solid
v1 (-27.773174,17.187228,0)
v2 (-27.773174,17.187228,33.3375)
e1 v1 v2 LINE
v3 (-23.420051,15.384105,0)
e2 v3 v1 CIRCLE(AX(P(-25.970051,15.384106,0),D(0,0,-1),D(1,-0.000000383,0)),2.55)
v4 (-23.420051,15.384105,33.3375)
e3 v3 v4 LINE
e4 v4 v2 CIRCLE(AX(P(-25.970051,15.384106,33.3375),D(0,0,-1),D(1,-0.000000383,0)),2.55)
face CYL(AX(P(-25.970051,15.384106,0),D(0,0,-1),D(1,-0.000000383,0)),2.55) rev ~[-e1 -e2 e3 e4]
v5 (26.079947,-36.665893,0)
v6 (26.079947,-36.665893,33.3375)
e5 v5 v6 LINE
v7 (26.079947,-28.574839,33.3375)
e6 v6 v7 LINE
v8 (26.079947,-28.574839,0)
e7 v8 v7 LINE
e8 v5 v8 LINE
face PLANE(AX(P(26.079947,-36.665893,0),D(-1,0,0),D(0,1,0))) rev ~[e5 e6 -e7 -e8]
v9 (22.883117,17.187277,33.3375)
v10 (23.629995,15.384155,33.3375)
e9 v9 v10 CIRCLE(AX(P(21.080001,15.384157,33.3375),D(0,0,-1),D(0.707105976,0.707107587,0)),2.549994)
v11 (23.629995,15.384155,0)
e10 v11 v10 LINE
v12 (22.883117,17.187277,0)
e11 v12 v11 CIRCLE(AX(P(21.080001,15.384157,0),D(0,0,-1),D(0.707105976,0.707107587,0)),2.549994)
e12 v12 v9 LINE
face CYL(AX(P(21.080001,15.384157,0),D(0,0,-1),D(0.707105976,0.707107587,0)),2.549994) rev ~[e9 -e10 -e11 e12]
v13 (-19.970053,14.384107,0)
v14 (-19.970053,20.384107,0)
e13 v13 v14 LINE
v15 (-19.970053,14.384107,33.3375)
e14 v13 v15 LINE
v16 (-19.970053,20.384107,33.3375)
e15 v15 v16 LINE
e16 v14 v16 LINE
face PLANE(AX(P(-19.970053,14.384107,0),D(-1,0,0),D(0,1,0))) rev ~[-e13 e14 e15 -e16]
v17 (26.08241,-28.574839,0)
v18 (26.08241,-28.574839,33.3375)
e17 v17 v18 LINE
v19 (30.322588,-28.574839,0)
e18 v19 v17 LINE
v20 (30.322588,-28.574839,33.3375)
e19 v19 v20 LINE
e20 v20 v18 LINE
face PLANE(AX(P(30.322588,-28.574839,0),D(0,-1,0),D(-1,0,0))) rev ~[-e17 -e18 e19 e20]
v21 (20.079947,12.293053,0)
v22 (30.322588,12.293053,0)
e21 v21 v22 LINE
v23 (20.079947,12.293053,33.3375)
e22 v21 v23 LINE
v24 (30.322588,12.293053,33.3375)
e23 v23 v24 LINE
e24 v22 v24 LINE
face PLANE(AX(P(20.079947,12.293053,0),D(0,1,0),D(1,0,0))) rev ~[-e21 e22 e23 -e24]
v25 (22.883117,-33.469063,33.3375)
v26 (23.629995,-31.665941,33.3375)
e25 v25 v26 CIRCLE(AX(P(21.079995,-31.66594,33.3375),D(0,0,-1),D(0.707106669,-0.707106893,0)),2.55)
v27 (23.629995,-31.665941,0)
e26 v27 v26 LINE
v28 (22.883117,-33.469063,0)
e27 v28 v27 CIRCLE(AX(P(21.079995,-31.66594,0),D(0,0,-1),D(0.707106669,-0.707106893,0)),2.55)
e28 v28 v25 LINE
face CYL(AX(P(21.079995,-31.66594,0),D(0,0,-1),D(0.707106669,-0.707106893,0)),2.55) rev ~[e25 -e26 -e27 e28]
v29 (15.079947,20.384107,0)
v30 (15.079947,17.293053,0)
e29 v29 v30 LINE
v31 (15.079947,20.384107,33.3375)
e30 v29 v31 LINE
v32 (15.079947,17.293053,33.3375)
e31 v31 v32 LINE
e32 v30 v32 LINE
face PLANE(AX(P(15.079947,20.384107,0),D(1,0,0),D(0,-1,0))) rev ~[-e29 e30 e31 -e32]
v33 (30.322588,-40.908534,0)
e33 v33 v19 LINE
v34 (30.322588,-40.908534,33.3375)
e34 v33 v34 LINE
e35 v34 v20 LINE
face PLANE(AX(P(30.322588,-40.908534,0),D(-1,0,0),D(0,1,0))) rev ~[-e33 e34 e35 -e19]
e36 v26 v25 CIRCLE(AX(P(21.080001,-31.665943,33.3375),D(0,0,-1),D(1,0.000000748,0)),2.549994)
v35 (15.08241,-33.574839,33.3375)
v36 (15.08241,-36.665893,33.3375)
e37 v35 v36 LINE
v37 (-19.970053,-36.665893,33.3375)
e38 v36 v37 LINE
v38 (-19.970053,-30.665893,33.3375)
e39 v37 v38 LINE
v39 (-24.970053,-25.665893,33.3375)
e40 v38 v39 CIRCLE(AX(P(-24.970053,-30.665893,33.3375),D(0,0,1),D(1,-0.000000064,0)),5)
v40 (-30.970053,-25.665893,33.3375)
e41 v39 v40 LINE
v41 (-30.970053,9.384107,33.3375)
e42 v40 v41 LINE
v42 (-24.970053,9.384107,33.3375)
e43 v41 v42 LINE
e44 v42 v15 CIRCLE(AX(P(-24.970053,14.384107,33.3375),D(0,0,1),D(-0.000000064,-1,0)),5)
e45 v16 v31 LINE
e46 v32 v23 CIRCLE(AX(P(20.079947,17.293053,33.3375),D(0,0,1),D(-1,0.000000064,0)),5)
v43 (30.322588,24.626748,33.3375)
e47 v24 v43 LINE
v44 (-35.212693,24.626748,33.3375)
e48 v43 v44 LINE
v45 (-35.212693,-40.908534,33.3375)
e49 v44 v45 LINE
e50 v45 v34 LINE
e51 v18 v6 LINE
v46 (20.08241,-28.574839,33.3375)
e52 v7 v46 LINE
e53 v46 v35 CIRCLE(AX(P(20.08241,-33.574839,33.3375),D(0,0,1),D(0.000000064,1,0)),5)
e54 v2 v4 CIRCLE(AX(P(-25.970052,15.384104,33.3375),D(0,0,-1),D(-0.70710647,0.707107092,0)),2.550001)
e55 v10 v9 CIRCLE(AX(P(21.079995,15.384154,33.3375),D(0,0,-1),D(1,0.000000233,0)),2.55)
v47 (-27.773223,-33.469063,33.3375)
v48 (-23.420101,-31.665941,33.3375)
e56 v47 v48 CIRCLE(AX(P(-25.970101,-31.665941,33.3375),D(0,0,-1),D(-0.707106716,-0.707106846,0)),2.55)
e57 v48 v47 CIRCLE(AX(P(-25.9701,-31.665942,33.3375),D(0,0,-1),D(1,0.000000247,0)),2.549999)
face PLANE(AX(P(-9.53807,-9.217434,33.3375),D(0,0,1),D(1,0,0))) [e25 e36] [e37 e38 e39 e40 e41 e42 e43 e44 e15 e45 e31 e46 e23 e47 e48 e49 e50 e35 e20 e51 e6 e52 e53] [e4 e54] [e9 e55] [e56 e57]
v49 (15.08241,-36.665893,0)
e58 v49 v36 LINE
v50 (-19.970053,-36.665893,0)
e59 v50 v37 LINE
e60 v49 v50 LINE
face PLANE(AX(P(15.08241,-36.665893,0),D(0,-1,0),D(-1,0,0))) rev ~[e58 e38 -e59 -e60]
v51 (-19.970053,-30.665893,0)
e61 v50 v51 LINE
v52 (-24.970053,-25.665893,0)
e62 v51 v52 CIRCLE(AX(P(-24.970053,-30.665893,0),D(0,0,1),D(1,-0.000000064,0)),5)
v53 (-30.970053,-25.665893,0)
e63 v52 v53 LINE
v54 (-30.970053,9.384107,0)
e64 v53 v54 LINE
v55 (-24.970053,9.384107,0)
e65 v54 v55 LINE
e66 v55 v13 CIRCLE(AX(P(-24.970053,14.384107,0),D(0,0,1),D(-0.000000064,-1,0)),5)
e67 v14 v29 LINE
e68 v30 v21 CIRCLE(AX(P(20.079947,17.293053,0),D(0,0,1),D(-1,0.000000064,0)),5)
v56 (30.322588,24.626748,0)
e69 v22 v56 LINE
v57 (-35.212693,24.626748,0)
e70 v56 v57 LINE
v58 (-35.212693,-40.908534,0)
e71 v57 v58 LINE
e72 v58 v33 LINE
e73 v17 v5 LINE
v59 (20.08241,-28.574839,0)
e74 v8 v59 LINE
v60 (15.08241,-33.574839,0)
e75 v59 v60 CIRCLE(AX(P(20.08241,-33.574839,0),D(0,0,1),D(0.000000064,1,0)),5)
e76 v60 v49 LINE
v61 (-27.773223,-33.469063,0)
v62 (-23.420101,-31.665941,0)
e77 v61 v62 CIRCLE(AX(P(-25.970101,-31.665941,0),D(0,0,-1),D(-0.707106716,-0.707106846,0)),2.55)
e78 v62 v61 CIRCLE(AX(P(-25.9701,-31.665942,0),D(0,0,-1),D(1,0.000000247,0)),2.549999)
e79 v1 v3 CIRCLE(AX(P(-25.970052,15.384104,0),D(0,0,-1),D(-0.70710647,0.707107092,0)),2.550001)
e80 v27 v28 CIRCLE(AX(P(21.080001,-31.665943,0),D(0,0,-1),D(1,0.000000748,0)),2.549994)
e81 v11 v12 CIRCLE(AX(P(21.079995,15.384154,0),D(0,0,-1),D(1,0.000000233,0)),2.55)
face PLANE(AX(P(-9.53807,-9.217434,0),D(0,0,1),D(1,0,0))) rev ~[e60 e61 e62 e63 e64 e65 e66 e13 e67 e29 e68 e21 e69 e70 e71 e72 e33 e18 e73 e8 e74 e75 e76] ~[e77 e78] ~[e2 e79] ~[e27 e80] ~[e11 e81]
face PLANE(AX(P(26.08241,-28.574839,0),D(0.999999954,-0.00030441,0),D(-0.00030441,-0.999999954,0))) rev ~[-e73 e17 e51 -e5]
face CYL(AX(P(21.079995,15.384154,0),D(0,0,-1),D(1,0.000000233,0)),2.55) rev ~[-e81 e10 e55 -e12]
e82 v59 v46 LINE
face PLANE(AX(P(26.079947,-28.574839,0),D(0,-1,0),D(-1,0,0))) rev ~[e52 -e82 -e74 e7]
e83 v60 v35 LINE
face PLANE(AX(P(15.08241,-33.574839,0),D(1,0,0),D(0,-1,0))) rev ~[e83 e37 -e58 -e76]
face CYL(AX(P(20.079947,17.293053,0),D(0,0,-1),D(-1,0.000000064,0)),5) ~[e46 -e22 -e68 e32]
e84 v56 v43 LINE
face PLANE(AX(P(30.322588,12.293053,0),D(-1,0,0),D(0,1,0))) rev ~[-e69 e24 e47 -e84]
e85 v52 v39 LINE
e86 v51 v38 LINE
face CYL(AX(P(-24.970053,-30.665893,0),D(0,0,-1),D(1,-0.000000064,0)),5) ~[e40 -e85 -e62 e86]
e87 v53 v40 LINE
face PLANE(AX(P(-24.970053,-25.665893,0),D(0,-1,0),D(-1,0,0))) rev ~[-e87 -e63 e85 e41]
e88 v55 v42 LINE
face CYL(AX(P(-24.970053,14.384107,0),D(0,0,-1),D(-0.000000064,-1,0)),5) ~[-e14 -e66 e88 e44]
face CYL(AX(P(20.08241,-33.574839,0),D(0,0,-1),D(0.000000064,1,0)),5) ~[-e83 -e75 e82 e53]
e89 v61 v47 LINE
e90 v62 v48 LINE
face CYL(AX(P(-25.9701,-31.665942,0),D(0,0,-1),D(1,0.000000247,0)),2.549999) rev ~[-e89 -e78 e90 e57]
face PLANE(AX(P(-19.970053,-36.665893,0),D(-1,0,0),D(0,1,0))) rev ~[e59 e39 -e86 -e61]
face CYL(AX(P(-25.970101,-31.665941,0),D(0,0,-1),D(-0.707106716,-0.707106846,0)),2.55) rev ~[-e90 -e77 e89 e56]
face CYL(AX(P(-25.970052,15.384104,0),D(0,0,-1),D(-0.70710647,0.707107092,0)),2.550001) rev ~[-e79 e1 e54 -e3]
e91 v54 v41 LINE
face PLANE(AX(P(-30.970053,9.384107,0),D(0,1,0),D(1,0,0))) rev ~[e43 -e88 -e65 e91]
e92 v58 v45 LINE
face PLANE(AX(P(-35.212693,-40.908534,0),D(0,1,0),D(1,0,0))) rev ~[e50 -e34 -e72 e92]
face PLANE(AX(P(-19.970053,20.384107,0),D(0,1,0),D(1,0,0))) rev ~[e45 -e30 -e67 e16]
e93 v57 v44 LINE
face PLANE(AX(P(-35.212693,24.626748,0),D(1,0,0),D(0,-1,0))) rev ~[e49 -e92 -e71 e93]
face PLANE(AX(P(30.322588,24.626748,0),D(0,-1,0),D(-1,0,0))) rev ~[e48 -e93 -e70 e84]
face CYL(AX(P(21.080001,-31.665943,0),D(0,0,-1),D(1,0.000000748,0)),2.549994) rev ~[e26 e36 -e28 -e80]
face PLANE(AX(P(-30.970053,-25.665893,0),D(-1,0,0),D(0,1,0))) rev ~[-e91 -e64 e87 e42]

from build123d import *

# Parameters (mm, degrees)
F1_DEPTH = 33.3375


with BuildPart() as f1:
    # F0 (on Top) → F1 (new body)
    with BuildSketch(Plane.XY):
        Polygon((30.322588, -40.908534), (30.322588, -28.574839), (26.08241, -28.574839), (26.079947, -36.665893), (15.08241, -36.665893), (-19.970053, -36.665893), (-30.970053, -36.665893), (-30.970053, -25.665893), (-30.970053, 9.384107), (-30.970053, 20.384107), (-19.970053, 20.384107), (15.079947, 20.384107), (26.079947, 20.384107), (30.322588, 24.626748), (-35.212693, 24.626748), (-35.212693, -40.908534), align=None)
        with BuildLine():
            Line((-19.970053, 14.384107), (-19.970053, 20.384107))
            Line((-19.970053, 20.384107), (-30.970053, 20.384107))
            Line((-30.970053, 20.384107), (-30.970053, 9.384107))
            Line((-30.970053, 9.384107), (-24.970053, 9.384107))
            ThreePointArc((-24.970053, 9.384107), (-21.434519, 10.848573), (-19.970053, 14.384107))
        make_face()
        with BuildLine():
            ThreePointArc((-23.420051, 15.384105), (-26.945894, 13.028213), (-27.773174, 17.187228))
            ThreePointArc((-27.773174, 17.187228), (-24.994209, 17.739998), (-23.420051, 15.384105))
        make_face(mode=Mode.SUBTRACT)
        with BuildLine():
            Line((20.079947, 12.293053), (26.079947, 12.293053))
            Line((26.079947, 12.293053), (26.079947, 20.384107))
            Line((26.079947, 20.384107), (15.079947, 20.384107))
            Line((15.079947, 20.384107), (15.079947, 17.293053))
            ThreePointArc((15.079947, 17.293053), (16.544413, 13.757519), (20.079947, 12.293053))
        make_face()
        with BuildLine():
            ThreePointArc((23.629995, 15.384155), (18.724102, 14.408312), (22.883117, 17.187277))
            ThreePointArc((22.883117, 17.187277), (23.435888, 16.359998), (23.629995, 15.384155))
        make_face(mode=Mode.SUBTRACT)
        with BuildLine():
            Line((26.079947, -36.665893), (26.079947, -28.574839))
            Line((26.079947, -28.574839), (20.08241, -28.574839))
            ThreePointArc((20.08241, -28.574839), (16.546876, -30.039305), (15.08241, -33.574839))
            Line((15.08241, -33.574839), (15.08241, -36.665893))
            Line((15.08241, -36.665893), (26.079947, -36.665893))
        make_face()
        with BuildLine():
            ThreePointArc((23.629995, -31.665941), (23.435888, -32.641784), (22.883117, -33.469063))
            ThreePointArc((22.883117, -33.469063), (18.724102, -30.690098), (23.629995, -31.665941))
        make_face(mode=Mode.SUBTRACT)
        with BuildLine():
            Line((-30.970053, -36.665893), (-19.970053, -36.665893))
            Line((-19.970053, -36.665893), (-19.970053, -30.665893))
            ThreePointArc((-19.970053, -30.665893), (-21.434519, -27.130359), (-24.970053, -25.665893))
            Line((-24.970053, -25.665893), (-30.970053, -25.665893))
            Line((-30.970053, -25.665893), (-30.970053, -36.665893))
        make_face()
        with BuildLine():
            ThreePointArc((-23.420101, -31.665941), (-24.994258, -34.021834), (-27.773223, -33.469063))
            ThreePointArc((-27.773223, -33.469063), (-26.945944, -29.310048), (-23.420101, -31.665941))
        make_face(mode=Mode.SUBTRACT)
        Polygon((26.079947, 12.293053), (30.322588, 12.293053), (30.322588, 24.626748), (26.079947, 20.384107), align=None)
    extrude(amount=F1_DEPTH)


solid = f1.part
